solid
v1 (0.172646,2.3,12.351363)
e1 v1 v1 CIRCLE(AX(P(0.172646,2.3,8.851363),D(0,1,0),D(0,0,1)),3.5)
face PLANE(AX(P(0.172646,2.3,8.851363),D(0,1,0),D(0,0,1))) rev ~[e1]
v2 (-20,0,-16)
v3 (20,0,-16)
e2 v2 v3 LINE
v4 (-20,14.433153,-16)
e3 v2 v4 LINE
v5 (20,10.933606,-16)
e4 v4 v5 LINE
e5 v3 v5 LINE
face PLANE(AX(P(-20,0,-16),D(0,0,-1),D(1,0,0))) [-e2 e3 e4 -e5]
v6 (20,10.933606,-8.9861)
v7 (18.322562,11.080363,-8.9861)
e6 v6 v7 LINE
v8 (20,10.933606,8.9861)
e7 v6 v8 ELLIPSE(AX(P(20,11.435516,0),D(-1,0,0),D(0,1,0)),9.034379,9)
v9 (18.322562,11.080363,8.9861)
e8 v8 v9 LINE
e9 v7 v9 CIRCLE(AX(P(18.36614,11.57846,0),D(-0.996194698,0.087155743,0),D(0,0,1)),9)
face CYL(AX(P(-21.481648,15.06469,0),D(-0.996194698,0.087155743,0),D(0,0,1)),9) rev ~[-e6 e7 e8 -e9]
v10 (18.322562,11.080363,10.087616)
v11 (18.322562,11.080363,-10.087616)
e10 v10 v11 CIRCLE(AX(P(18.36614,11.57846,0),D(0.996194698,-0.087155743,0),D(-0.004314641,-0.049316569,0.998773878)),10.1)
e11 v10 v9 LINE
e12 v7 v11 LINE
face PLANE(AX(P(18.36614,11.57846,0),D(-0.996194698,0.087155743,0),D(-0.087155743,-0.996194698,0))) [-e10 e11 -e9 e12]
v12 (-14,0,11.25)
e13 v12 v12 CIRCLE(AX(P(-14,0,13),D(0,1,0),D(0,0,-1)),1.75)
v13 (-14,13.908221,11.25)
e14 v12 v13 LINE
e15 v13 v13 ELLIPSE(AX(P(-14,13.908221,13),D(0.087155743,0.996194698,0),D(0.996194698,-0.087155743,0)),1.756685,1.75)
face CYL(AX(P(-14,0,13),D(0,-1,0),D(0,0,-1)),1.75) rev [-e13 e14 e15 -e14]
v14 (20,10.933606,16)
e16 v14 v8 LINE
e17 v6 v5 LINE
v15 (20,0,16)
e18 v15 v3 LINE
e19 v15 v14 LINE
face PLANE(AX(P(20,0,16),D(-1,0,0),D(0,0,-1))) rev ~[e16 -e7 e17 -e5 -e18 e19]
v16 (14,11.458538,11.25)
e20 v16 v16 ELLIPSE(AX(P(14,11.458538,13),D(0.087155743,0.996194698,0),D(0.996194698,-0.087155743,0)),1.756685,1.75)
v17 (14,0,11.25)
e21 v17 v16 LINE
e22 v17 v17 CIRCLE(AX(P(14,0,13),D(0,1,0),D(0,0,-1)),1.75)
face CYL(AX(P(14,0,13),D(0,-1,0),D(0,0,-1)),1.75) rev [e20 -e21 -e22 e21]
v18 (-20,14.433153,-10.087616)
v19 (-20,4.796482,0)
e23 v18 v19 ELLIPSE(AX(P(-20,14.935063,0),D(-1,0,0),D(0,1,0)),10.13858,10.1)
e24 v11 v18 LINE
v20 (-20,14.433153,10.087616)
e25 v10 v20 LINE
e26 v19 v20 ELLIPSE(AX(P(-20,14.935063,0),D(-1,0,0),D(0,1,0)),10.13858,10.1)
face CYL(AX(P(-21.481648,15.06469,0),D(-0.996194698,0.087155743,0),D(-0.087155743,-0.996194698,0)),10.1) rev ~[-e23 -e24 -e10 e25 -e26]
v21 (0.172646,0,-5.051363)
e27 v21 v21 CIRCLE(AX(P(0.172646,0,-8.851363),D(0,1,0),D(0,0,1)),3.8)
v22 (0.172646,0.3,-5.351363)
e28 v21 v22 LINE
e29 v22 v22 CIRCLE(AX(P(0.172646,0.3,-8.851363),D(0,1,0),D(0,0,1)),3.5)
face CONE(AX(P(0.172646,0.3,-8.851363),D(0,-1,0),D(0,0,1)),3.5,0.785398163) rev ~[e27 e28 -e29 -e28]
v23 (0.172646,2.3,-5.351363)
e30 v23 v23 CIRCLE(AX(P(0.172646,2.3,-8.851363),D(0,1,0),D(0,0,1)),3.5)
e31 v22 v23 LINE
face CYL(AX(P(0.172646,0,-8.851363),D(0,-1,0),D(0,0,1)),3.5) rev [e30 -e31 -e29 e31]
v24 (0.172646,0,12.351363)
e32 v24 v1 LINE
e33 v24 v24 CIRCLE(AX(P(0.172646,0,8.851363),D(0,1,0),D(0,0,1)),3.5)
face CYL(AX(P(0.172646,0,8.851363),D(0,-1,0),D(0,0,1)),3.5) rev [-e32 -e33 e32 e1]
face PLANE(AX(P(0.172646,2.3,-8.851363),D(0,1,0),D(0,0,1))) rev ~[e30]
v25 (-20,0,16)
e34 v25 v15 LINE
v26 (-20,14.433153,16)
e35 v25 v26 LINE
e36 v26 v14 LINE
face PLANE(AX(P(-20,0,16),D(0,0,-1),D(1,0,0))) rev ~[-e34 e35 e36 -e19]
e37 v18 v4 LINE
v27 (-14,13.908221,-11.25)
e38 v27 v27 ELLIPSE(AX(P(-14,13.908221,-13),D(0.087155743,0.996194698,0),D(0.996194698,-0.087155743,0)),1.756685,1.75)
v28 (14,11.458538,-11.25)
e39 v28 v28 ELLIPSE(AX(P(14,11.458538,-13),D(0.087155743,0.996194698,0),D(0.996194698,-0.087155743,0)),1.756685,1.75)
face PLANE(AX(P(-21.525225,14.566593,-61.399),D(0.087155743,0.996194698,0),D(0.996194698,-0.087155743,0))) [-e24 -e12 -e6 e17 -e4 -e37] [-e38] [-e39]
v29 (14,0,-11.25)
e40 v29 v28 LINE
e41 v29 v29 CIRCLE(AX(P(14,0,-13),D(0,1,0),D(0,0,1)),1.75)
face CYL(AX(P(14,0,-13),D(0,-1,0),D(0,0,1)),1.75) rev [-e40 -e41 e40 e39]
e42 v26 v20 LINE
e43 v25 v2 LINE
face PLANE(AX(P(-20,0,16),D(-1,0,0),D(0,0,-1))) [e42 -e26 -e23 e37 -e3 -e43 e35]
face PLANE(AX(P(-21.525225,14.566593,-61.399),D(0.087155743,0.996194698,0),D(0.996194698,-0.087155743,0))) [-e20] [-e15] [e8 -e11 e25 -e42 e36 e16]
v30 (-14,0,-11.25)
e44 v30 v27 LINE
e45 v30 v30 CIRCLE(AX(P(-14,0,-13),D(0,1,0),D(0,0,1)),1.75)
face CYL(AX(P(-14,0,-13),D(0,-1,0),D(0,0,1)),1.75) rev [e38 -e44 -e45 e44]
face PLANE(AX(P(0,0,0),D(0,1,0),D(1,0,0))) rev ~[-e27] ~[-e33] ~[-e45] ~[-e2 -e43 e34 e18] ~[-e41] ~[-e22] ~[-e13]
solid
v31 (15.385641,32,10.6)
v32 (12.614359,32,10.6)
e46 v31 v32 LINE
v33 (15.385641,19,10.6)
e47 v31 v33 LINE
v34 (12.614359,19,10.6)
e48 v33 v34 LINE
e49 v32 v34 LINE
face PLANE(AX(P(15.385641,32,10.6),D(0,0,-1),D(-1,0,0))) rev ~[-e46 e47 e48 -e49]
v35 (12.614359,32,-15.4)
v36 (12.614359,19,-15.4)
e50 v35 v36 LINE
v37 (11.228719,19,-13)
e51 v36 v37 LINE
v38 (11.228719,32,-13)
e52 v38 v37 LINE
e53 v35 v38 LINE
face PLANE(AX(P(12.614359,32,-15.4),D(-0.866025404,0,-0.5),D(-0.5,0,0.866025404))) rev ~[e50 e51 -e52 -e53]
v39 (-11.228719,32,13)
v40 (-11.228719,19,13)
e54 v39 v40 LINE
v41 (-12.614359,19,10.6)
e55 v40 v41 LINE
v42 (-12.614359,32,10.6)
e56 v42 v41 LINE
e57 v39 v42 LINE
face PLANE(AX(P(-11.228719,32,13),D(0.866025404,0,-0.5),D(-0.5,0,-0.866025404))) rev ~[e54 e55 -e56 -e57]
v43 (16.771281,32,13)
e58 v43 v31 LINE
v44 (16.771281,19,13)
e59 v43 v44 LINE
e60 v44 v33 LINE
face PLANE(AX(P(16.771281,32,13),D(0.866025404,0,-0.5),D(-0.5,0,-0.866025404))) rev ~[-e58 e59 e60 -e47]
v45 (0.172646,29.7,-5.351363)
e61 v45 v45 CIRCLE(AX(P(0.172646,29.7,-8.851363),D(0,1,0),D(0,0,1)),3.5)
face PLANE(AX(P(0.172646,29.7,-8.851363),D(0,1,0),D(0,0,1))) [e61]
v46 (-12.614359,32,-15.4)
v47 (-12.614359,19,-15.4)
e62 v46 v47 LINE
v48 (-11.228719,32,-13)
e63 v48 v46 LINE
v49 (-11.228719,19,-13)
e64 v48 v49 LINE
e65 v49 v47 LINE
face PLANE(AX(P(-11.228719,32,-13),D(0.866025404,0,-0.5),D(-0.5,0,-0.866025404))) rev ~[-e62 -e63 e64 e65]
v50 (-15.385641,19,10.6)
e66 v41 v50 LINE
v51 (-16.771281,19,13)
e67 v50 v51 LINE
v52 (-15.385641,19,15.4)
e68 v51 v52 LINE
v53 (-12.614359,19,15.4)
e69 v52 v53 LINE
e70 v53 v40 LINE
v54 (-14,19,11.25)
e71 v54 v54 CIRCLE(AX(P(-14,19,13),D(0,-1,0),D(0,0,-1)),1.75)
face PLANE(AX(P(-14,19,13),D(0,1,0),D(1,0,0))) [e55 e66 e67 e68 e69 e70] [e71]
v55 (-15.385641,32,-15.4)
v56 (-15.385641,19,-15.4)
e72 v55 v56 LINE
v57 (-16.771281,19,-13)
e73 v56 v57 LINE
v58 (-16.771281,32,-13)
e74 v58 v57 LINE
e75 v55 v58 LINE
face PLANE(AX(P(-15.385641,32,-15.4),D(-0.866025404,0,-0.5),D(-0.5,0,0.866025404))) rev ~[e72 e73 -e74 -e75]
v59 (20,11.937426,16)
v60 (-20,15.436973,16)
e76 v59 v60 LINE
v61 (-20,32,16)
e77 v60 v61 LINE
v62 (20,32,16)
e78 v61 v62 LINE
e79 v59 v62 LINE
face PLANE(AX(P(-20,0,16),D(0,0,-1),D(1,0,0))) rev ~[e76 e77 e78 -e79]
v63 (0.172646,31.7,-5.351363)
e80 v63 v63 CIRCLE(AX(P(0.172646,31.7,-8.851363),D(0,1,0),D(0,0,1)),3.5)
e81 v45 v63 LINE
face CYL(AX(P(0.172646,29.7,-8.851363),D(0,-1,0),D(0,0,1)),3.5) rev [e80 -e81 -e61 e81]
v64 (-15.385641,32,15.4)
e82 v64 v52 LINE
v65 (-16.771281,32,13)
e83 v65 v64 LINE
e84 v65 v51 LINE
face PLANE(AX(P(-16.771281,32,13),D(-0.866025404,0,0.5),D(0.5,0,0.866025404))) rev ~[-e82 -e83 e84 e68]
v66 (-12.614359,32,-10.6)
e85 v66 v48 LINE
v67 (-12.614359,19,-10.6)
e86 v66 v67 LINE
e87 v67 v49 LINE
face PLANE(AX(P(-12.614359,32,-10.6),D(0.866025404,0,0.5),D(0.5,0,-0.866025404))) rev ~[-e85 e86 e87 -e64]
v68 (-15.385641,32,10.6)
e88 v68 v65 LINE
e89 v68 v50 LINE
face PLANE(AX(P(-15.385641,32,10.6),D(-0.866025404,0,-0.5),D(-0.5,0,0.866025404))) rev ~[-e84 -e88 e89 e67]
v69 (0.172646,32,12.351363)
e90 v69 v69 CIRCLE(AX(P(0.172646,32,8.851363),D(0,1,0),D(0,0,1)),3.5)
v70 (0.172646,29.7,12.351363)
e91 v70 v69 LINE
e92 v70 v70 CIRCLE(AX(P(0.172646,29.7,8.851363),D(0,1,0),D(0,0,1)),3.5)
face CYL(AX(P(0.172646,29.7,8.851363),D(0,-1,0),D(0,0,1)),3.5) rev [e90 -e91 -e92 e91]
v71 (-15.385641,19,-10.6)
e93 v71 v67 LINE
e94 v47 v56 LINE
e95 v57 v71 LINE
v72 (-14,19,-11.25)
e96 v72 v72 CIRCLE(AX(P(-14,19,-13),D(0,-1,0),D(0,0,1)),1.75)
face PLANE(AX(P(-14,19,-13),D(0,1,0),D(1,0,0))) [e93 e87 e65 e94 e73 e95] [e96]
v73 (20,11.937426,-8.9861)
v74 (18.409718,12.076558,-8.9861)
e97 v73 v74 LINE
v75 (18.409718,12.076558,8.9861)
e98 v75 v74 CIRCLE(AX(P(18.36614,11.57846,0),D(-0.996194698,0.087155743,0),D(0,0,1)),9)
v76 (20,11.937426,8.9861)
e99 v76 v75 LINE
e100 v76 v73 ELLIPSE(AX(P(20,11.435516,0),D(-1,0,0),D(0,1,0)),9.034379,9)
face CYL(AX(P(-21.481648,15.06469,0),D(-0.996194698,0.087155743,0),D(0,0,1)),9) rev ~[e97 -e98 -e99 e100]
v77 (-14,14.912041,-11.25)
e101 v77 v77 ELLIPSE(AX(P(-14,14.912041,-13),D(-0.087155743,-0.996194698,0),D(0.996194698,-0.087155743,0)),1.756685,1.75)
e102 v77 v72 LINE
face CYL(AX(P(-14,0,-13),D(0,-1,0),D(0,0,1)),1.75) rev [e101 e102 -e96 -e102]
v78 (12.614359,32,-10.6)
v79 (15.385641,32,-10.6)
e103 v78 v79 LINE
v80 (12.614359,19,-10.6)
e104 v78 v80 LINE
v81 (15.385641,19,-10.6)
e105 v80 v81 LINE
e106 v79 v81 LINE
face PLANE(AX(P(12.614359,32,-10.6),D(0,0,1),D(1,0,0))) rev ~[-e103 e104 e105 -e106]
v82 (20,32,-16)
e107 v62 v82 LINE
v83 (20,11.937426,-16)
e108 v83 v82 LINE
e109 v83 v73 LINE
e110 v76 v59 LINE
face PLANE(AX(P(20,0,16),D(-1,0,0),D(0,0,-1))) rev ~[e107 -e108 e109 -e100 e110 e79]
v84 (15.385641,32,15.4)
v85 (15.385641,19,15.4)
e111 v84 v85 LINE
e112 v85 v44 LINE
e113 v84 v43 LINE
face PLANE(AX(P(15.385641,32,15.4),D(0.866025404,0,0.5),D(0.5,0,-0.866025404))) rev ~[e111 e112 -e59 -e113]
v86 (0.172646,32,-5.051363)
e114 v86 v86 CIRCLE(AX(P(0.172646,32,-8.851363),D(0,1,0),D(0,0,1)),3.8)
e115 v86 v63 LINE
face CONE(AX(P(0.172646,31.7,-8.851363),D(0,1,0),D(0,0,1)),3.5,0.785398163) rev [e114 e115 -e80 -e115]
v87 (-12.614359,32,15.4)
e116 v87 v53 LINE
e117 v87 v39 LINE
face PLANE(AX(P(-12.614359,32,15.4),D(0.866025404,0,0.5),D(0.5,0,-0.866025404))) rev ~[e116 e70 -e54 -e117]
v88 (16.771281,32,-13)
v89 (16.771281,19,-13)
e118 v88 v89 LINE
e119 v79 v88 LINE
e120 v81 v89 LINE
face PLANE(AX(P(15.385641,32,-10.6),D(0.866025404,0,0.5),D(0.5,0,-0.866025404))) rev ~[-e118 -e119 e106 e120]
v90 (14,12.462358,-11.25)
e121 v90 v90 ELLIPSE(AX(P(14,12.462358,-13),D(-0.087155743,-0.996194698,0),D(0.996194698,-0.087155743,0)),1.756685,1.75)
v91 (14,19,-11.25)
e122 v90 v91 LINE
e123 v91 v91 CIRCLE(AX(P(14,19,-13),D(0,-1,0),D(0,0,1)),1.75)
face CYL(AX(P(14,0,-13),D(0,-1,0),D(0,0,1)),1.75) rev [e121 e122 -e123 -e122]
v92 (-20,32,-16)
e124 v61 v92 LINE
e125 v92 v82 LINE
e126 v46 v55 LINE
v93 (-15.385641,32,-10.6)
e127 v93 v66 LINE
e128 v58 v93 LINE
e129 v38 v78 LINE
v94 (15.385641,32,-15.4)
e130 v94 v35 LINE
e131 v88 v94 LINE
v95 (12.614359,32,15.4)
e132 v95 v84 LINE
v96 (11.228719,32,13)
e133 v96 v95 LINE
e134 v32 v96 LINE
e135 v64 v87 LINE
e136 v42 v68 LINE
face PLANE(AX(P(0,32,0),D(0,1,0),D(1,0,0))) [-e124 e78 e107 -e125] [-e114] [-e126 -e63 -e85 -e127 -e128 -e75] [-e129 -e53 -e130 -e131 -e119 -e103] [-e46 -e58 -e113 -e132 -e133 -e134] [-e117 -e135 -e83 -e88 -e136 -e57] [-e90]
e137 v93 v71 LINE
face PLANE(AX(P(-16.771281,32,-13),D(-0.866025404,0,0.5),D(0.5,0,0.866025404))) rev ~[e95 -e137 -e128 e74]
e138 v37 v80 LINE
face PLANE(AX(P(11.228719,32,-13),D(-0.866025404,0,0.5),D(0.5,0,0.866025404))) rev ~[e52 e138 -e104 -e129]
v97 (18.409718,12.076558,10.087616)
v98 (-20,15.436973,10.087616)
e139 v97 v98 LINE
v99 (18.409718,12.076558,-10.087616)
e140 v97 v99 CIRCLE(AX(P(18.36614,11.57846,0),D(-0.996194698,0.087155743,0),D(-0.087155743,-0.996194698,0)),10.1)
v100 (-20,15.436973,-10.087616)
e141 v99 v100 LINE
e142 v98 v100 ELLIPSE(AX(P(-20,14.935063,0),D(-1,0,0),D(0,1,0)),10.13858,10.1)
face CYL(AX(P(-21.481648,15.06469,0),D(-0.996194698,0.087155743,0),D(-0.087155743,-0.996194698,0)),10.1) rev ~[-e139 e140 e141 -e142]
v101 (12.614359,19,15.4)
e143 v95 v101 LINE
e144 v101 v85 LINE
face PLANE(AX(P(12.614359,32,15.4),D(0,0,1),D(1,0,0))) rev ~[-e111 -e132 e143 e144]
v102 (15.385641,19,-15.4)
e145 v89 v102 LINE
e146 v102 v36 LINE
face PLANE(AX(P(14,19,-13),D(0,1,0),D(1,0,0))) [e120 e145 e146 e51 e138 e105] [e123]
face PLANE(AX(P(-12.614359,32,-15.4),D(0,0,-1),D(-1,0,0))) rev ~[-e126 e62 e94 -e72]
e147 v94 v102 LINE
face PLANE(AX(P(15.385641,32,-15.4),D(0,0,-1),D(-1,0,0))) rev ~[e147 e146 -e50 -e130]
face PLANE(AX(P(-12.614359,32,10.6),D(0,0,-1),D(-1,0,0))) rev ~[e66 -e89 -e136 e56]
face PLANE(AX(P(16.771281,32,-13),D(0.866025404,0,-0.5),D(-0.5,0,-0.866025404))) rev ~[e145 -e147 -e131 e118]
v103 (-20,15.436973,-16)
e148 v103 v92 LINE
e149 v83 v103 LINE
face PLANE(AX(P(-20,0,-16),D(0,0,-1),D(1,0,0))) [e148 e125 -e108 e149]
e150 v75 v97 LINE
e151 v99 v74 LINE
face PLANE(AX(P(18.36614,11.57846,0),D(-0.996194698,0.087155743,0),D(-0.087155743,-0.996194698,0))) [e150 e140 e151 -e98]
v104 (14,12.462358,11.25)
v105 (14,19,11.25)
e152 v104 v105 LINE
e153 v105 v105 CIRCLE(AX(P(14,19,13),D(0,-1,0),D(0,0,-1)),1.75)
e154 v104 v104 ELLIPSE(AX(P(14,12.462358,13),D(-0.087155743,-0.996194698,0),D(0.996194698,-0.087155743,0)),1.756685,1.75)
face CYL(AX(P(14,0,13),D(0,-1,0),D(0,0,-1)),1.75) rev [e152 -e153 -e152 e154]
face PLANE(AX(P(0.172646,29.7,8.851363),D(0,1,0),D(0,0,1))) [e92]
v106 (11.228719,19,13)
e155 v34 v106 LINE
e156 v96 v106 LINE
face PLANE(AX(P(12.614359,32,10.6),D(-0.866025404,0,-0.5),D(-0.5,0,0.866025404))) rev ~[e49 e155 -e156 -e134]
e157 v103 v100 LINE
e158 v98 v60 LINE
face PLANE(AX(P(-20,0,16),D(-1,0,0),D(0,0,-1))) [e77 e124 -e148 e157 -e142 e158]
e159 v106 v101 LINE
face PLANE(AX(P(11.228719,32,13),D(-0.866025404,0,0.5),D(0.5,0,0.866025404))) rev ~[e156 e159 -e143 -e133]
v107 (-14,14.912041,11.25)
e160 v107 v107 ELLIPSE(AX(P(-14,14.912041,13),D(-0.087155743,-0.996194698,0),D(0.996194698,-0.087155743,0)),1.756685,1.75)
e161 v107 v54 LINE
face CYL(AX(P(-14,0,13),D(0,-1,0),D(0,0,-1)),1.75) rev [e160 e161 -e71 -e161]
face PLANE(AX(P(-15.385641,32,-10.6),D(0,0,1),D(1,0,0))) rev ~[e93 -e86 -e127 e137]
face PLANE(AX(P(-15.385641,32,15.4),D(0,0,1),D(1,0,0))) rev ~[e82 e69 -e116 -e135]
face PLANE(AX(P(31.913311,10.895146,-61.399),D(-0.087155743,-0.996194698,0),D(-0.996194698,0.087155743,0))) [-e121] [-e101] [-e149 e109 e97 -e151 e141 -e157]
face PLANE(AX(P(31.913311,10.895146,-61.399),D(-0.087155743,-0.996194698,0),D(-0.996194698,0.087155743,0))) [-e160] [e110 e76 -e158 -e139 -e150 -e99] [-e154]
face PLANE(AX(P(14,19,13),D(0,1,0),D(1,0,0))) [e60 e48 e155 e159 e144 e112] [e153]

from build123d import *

# Parameters (mm, degrees)
SKETCH1_W              = 40
SKETCH1_H              = 32
BOSS_EXTRUDE1_DEPTH    = 32
SKETCH2_R              = 10.1
CUT_EXTRUDE1_DEPTH     = 40
SKETCH3_R              = 1.75
CUT_EXTRUDE2_DEPTH     = 41.987803064
CUT_EXTRUDE3_DEPTH     = 13
SPLIT2_SURFACE_1_BACK  = 61.399
SPLIT2_SURFACE_1_DEPTH = 122.798
SKETCH10_R             = 3.5
CUT_EXTRUDE5_DEPTH     = 2.3
CUT_EXTRUDE6_START     = -2.3
SKETCH11_R             = 3.5
CUT_EXTRUDE6_DEPTH     = 2.3
SKETCH12_R             = 9
CUT_EXTRUDE7_DEPTH     = 55.536602893
CHAMFER3_SIZE          = 0.3
CHAMFER4_SIZE          = 0.3


with BuildPart() as part:
    # Sketch1 → Boss-Extrude1 (new body)
    with BuildSketch(Plane(origin=(0, 0, 0), x_dir=(1, 0, 0), z_dir=(0, 1, 0))):
        Rectangle(SKETCH1_W, SKETCH1_H)
    extrude(amount=BOSS_EXTRUDE1_DEPTH)

    # Sketch2 → Cut-Extrude1 (cut)
    with BuildSketch(Plane(origin=(-22.626448373, 1.979557728, 0), x_dir=(0, 0, 1), z_dir=(-0.9961946980917455, 0.08715574274765836, 0))):
        with Locations(Location((0, 13.135115484, 0), (0, 0, 270))):
            Circle(SKETCH2_R)
    extrude(amount=-CUT_EXTRUDE1_DEPTH, mode=Mode.SUBTRACT)

    # Sketch3 → Cut-Extrude2 (cut, through all)
    with BuildSketch(Plane(origin=(0, 0, 0), x_dir=(1, 0, 0), z_dir=(0, 1, 0))):
        with Locations(Location((-14, 13, 0), (0, 0, 270))):
            Circle(SKETCH3_R)
        with Locations(Location((14, 13, 0), (0, 0, 270))):
            Circle(SKETCH3_R)
        with Locations(Location((14, -13, 0), (0, 0, 90))):
            Circle(SKETCH3_R)
        with Locations(Location((-14, -13, 0), (0, 0, 90))):
            Circle(SKETCH3_R)
    extrude(amount=CUT_EXTRUDE2_DEPTH, mode=Mode.SUBTRACT)

    # Sketch7 → Cut-Extrude3 (cut)
    with BuildSketch(Plane(origin=(0, 32, 0), x_dir=(1, 0, 0), z_dir=(0, 1, 0))):
        Polygon((-11.228718708, 13), (-12.614359354, 15.4), (-15.385640646, 15.4), (-16.771281292, 13), (-15.385640646, 10.6), (-12.614359354, 10.6), align=None)
        Polygon((16.771281292, 13), (15.385640646, 15.4), (12.614359354, 15.4), (11.228718708, 13), (12.614359354, 10.6), (15.385640646, 10.6), align=None)
        Polygon((16.771281292, -13), (15.385640646, -10.6), (12.614359354, -10.6), (11.228718708, -13), (12.614359354, -15.4), (15.385640646, -15.4), align=None)
        Polygon((-11.228718708, -13), (-12.614359354, -10.6), (-15.385640646, -10.6), (-16.771281292, -13), (-15.385640646, -15.4), (-12.614359354, -15.4), align=None)
    extrude(amount=-CUT_EXTRUDE3_DEPTH, mode=Mode.SUBTRACT)

    # Split2: cut with a surface, the side behind it stays
    # Split2 surface: a surface, the sketch's curves swept straight by 122.798 mm
    with BuildLine(Plane.XY.offset(-SPLIT2_SURFACE_1_BACK), mode=Mode.PRIVATE) as split2_surface_1_path:
        Line((31.826155364, 9.898951774), (31.913311107, 10.895146473))
        Line((31.913311107, 10.895146473), (-21.438069755, 15.562787481))
        Line((-21.438069755, 15.562787481), (-21.525225498, 14.566592783))
        Line((-21.525225498, 14.566592783), (31.826155364, 9.898951774))
    split2_surface_1 = Shell.extrude(split2_surface_1_path.wire(), (0 * SPLIT2_SURFACE_1_DEPTH, 0 * SPLIT2_SURFACE_1_DEPTH, 1 * SPLIT2_SURFACE_1_DEPTH))
    split(bisect_by=split2_surface_1, keep=Keep.BOTTOM)

    # Sketch10 → Cut-Extrude5 (cut)
    with BuildSketch(Plane(origin=(0, 0, 0), x_dir=(1, 0, 0), z_dir=(0, 1, 0))):
        with Locations(Location((0.172645806, -8.851363161, 0), (0, 0, 270))):
            Circle(SKETCH10_R)
        with Locations(Location((0.172645806, 8.851363161, 0), (0, 0, 270))):
            Circle(SKETCH10_R)
    extrude(amount=CUT_EXTRUDE5_DEPTH, mode=Mode.SUBTRACT)

    # Sketch11 → Cut-Extrude6 (cut)
    with BuildSketch(Plane(origin=(0, 32, 0), x_dir=(1, 0, 0), z_dir=(0, 1, 0)).offset(CUT_EXTRUDE6_START)):
        with Locations(Location((0.172645806, -8.851363161, 0), (0, 0, 270))):
            Circle(SKETCH11_R)
        with Locations(Location((0.172645806, 8.851363161, 0), (0, 0, 270))):
            Circle(SKETCH11_R)
    extrude(amount=CUT_EXTRUDE6_DEPTH, mode=Mode.SUBTRACT)

    # Sketch12 → Cut-Extrude7 (cut, through all)
    with BuildSketch(Plane(origin=(-22.626448373, 1.979557728, 0), x_dir=(0, 0, 1), z_dir=(-0.9961946980917455, 0.08715574274765836, 0))):
        with Locations((0, 13.135115484)):
            Circle(SKETCH12_R)
    extrude(amount=-CUT_EXTRUDE7_DEPTH, mode=Mode.SUBTRACT)

    # Chamfer3
    chamfer3_edges = [part.edges().sort_by_distance(p)[0] for p in [
        (0.172645806, 32, -12.351363161),
    ]]
    chamfer(chamfer3_edges, length=CHAMFER3_SIZE)

    # Chamfer4
    chamfer4_edges = [part.edges().sort_by_distance(p)[0] for p in [
        (0.172645806, 0, -12.351363161),
    ]]
    chamfer(chamfer4_edges, length=CHAMFER4_SIZE)


solid = part.part
